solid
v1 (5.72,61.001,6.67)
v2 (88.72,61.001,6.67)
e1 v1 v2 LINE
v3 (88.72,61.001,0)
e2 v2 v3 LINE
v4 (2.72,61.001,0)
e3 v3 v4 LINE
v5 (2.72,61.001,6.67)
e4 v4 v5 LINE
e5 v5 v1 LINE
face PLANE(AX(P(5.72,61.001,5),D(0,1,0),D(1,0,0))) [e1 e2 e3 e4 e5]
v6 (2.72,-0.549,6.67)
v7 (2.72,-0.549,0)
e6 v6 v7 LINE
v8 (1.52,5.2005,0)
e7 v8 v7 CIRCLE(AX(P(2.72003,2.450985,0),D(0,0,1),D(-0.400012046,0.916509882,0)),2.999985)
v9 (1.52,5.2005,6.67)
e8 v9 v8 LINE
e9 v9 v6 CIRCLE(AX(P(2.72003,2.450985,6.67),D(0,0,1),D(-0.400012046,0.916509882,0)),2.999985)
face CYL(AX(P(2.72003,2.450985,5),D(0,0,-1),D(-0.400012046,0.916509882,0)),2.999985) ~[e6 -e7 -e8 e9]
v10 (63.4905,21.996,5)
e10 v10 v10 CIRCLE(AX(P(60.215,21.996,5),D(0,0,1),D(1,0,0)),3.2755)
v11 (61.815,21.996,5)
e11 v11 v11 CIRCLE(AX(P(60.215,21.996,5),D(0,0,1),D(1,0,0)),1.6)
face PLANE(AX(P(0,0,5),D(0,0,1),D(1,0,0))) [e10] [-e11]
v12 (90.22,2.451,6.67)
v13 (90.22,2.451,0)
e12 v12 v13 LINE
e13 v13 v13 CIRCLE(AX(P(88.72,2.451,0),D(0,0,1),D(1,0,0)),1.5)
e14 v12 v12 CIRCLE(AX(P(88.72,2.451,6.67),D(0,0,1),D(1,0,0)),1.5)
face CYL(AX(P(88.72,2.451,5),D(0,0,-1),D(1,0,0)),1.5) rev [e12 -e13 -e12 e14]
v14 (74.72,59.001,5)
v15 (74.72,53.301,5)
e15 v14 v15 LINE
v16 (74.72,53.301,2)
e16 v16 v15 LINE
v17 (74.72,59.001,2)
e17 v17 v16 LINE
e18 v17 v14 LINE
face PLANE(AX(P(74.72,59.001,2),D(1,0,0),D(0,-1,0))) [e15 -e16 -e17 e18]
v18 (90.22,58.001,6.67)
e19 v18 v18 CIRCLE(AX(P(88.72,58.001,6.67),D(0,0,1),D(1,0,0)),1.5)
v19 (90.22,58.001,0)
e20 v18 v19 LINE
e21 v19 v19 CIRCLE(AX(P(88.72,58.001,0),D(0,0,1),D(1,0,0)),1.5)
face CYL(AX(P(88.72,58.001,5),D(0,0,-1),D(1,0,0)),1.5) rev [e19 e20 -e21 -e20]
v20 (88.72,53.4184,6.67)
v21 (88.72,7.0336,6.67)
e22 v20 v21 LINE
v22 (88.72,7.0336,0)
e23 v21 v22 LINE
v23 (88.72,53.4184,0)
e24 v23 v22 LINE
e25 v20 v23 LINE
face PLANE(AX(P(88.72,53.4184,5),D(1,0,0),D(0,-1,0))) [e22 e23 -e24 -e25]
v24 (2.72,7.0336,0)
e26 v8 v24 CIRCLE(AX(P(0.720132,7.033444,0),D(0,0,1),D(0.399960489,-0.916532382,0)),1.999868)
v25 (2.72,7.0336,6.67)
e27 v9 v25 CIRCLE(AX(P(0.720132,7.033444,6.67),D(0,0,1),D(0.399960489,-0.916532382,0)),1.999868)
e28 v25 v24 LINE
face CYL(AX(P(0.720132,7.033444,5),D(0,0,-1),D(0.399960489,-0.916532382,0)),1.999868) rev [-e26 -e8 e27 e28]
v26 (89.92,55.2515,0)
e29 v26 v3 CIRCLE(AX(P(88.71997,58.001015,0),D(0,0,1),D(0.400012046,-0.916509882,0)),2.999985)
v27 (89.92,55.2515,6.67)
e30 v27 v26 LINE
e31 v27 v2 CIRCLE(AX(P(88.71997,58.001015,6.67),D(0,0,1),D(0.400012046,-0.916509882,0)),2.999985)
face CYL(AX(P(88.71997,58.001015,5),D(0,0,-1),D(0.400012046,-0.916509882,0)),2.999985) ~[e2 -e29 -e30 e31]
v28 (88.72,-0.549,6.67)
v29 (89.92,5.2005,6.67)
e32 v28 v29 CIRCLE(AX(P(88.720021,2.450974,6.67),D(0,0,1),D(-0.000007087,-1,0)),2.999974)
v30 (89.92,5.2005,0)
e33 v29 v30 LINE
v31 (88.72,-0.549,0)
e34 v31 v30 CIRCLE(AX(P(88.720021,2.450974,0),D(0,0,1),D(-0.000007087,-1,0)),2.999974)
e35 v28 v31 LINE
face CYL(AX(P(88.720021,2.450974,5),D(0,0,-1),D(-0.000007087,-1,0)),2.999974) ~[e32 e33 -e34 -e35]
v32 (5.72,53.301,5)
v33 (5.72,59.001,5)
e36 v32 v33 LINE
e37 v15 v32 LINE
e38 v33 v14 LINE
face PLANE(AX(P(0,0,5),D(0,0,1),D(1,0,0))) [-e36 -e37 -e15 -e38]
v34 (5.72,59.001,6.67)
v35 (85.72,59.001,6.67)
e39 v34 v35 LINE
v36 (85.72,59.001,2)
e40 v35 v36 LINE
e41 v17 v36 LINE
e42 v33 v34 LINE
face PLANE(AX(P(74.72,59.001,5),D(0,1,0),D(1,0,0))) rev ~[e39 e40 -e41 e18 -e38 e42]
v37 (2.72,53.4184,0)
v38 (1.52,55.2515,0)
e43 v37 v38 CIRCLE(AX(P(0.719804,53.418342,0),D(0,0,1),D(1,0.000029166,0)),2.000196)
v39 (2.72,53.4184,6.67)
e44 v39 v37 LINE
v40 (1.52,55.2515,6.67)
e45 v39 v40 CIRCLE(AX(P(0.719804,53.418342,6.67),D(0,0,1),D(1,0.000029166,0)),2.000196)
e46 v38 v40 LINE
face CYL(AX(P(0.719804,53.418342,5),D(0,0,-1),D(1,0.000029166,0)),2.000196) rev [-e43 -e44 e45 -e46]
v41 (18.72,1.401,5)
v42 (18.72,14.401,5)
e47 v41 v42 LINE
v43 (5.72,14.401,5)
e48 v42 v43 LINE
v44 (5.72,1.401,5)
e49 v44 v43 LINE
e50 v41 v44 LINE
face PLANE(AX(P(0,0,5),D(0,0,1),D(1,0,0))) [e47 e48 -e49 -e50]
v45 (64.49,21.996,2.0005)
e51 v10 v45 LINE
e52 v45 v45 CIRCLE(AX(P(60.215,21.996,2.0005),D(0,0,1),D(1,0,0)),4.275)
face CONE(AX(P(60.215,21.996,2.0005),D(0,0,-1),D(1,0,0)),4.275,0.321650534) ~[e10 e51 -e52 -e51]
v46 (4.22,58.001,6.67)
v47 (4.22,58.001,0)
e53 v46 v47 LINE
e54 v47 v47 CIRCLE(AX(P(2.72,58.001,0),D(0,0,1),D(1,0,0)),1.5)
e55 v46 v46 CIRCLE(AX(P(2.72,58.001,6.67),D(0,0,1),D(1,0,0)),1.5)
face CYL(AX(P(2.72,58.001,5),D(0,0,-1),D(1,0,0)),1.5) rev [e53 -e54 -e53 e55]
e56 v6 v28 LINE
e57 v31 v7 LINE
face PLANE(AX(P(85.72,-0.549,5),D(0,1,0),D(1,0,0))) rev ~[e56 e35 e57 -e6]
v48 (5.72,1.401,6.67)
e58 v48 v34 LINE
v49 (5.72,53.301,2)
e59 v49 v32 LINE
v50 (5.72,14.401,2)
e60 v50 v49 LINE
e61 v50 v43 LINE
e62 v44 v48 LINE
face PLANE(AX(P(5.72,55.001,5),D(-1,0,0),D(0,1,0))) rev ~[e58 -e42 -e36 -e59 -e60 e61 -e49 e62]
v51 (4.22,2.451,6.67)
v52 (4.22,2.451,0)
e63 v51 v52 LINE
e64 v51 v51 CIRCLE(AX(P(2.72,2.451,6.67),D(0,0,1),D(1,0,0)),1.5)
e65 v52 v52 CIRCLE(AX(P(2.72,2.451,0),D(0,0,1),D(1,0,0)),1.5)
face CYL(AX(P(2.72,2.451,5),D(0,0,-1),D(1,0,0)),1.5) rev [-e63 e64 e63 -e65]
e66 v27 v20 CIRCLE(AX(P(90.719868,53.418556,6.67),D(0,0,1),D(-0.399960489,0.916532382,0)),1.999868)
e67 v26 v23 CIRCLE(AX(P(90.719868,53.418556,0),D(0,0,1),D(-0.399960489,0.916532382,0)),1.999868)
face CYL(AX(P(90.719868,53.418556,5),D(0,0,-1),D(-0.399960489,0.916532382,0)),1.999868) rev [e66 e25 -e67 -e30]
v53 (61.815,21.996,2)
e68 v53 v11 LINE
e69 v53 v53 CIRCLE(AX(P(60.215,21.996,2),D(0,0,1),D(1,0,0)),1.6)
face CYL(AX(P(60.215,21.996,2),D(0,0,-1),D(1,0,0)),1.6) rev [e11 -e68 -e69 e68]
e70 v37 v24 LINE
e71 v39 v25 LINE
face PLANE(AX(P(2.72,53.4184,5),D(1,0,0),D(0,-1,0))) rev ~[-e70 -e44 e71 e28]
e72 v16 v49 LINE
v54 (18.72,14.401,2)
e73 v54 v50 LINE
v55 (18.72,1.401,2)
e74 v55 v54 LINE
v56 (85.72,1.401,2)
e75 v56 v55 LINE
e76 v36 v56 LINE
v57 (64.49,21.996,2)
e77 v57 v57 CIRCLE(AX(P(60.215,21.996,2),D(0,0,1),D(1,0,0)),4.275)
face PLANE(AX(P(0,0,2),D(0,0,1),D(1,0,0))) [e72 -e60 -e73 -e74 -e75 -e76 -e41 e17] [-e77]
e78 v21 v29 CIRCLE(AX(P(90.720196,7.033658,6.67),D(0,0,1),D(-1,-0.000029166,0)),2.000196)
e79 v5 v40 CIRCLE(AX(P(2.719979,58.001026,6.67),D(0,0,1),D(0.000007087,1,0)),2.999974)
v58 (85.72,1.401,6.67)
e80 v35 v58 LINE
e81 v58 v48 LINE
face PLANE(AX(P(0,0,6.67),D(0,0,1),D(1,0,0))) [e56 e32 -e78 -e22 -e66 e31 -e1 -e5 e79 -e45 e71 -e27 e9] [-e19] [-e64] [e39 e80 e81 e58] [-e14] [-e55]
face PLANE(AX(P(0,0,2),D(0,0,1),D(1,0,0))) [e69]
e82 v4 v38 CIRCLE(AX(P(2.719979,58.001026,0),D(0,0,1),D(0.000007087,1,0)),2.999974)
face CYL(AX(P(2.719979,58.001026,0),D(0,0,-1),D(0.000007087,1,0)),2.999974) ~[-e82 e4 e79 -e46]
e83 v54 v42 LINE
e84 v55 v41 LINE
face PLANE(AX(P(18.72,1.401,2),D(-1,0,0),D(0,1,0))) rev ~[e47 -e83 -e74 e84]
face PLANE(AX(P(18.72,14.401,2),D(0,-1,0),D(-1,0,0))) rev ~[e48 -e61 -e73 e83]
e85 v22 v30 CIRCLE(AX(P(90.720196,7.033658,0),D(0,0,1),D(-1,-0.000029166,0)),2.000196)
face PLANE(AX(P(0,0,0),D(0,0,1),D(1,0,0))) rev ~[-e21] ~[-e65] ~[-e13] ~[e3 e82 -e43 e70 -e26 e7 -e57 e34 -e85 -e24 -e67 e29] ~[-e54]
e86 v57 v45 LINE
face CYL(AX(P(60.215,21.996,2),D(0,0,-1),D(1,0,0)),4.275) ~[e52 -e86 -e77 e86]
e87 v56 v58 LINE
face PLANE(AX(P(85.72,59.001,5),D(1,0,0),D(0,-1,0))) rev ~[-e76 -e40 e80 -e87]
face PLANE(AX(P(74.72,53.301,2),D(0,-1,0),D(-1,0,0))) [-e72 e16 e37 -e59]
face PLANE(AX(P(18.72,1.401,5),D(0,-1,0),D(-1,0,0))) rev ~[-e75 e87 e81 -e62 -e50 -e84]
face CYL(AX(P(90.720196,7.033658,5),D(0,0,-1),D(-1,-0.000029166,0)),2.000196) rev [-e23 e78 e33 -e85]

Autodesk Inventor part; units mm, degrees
ref_plane "YZ Plane" through (0, 0, 0) normal (1, 0, 0) x (0, 1, 0)
ref_plane "XZ Plane" through (0, 0, 0) normal (0, 1, 0) x (-1, 0, 0)
ref_plane "XY Plane" through (0, 0, 0) normal (0, 0, 1) x (1, 0, 0)
sketch "Sketch1" plane through (0, 0, 0) normal (0, 0, 1) x (1, 0, 0)
  line L0 (85.72, 30.226) -> (85.72, 1.401) construction
  line L1 (85.72, 1.401) -> (45.72, 1.401) construction
  line L2 (85.72, 1.401) -> (5.72, 1.401) construction
  line L3 (5.72, 1.401) -> (5.72, 59.001) construction
  line L4 (5.72, 59.001) -> (85.72, 59.001) construction
  line L5 (85.72, 59.001) -> (85.72, 1.401) construction
  line L6 (61.99, 1.401) -> (61.99, 20.221) construction
  line L7 (61.99, 20.221) -> (85.72, 20.221) construction
  line L8 (61.99, 20.221) -> (58.44, 20.221) construction
  line L9 (61.99, 23.771) -> (61.99, 20.221) construction
  line L10 (60.215, 20.221) -> (61.99, 20.221) construction
  line L11 (61.99, 20.221) -> (61.99, 21.996) construction
  line L12 (61.99, 21.996) -> (60.215, 21.996) construction
  line L13 (60.215, 21.996) -> (60.215, 20.221) construction
  circle A0 centre (60.215, 21.996) radius 1.775 construction
  circle A1 centre (60.215, 21.996) radius 2.775 construction
  circle A2 centre (60.215, 21.996) radius 4.275 construction
  line L14 (5.72, 59.001) -> (74.72, 59.001) construction
  line L15 (74.72, 59.001) -> (74.72, 53.301) construction
  line L16 (74.72, 53.301) -> (5.72, 53.301) construction
  line L17 (5.72, 53.301) -> (5.72, 59.001) construction
  line L18 (5.72, 1.401) -> (18.72, 1.401) construction
  line L19 (18.72, 1.401) -> (18.72, 14.401) construction
  line L20 (18.72, 14.401) -> (5.72, 14.401) construction
  line L21 (5.72, 14.401) -> (5.72, 1.401) construction
  circle A3 centre (2.72, 58.001) radius 1.5
  line L22 (3.72, 61.001) -> (5.72, 61.001)
  line L23 (5.72, 61.001) -> (5.72, 59.001) construction
  line L24 (5.72, 61.001) -> (2.72, 61.001)
  line L25 (5.72, 55.001) -> (5.72, 61.001) construction
  line L26 (45.72, 1.9437) -> (45.72, 30.226) construction
  line L27 (45.72, 30.226) -> (85.72, 30.226) construction
  arc A4 (2.72, 61.001) -> (1.52, 55.2515) centre (2.72, 58.001) ccw
  circle A5 centre (2.72, 2.451) radius 1.5
  line L28 (3.72, -0.549) -> (5.72, -0.549)
  line L29 (5.72, -0.549) -> (2.72, -0.549)
  arc A6 (1.52, 5.2005) -> (2.72, -0.549) centre (2.72, 2.451) ccw
  circle A7 centre (88.72, 58.001) radius 1.5
  line L30 (85.72, 61.001) -> (88.72, 61.001)
  arc A8 (89.92, 55.2515) -> (88.72, 61.001) centre (88.72, 58.001) ccw
  line L31 (85.72, -0.549) -> (88.72, -0.549)
  circle A9 centre (88.72, 2.451) radius 1.5
  arc A10 (88.72, -0.549) -> (89.92, 5.2005) centre (88.72, 2.451) ccw
  line L32 (2.72, 53.4184) -> (2.72, 7.0336)
  line L33 (5.72, 61.001) -> (85.72, 61.001)
  line L34 (88.72, 53.4184) -> (88.72, 7.0336)
  line L35 (85.72, -0.549) -> (5.72, -0.549)
  arc A11 (2.72, 53.4184) -> (1.52, 55.2515) centre (0.72, 53.4184) ccw
  arc A12 (1.52, 5.2005) -> (2.72, 7.0336) centre (0.72, 7.0336) ccw
  arc A13 (88.72, 7.0336) -> (89.92, 5.2005) centre (90.72, 7.0336) ccw
  arc A14 (89.92, 55.2515) -> (88.72, 53.4184) centre (90.72, 53.4184) ccw
  point P0 (0, 0)
  point P1 (2.72, 55.001)
  point P2 (2.72, 5.451)
  point P3 (91.44, 0)
  point P4 (88.72, 55.001)
  point P5 (88.72, 5.451)
  dimension "d32" = 40
  dimension "d33" = 28.825
  dimension "d34" = 80
  dimension "d37" = 18.82
  dimension "d40" = 5.55
  dimension "d41" = 8.55
  dimension "d42" = 69
  dimension "d43" = 5.7
  dimension "d44" = 13
  dimension "d45" = 13
  dimension "d52" = 2
  dimension "d80" = 3
extrude "Extrusion1" add sketch "Sketch1" along normal blind 2
sketch "Sketch2" plane through (0, 0, 2) normal (0, 0, 1) x (1, 0, 0)
  line L0 (85.72, 30.226) -> (85.72, 1.401)
  line L1 (5.72, 14.401) -> (5.72, 53.301)
  line L2 (74.72, 59.001) -> (85.72, 59.001)
  line L3 (85.72, 59.001) -> (85.72, 1.401)
  line L4 (61.815, 21.996) -> (60.215, 21.996)
  circle A0 centre (60.215, 21.996) radius 1.6
  circle A1 centre (60.215, 21.996) radius 2.775 construction
  circle A2 centre (60.215, 21.996) radius 4.275
  line L5 (45.72, 59.001) -> (74.72, 59.001)
  line L6 (74.72, 59.001) -> (74.72, 53.301)
  line L7 (74.72, 53.301) -> (5.72, 53.301)
  line L8 (5.72, 58.001) -> (5.72, 59.001)
  line L9 (5.72, 1.401) -> (18.72, 1.401)
  line L10 (18.72, 1.401) -> (18.72, 14.401)
  line L11 (18.72, 14.401) -> (5.72, 14.401)
  line L12 (5.72, 2.451) -> (5.72, 1.401)
  circle A3 centre (2.72, 58.001) radius 1.5
  line L13 (3.72, 61.001) -> (5.72, 61.001)
  line L14 (5.72, 61.001) -> (5.72, 59.001)
  line L15 (5.72, 61.001) -> (2.72, 61.001)
  line L16 (5.72, 59.001) -> (5.72, 61.001)
  arc A4 (2.72, 61.001) -> (1.52, 55.2515) centre (2.72, 58.001) ccw
  line L17 (3.72, -0.549) -> (5.72, -0.549)
  line L18 (5.72, -0.549) -> (2.72, -0.549)
  circle A5 centre (2.72, 2.451) radius 1.5
  arc A6 (1.52, 5.2005) -> (2.72, -0.549) centre (2.72, 2.451) ccw
  line L19 (85.72, -0.549) -> (88.72, -0.549)
  circle A7 centre (88.72, 2.451) radius 1.5
  arc A8 (88.72, -0.549) -> (89.92, 5.2005) centre (88.72, 2.451) ccw
  circle A9 centre (88.72, 58.001) radius 1.5
  arc A10 (89.92, 55.2515) -> (88.72, 61.001) centre (88.72, 58.001) ccw
  line L20 (85.72, 61.001) -> (88.72, 61.001)
  line L21 (2.72, 53.4184) -> (2.72, 7.0336)
  line L22 (5.72, 61.001) -> (85.72, 61.001)
  line L23 (88.72, 53.4184) -> (88.72, 7.0336)
  line L24 (85.72, -0.549) -> (5.72, -0.549)
  arc A11 (2.72, 53.4184) -> (1.52, 55.2515) centre (0.72, 53.4184) ccw
  arc A12 (1.52, 5.2005) -> (2.72, 7.0336) centre (0.72, 7.0336) ccw
  arc A13 (88.72, 7.0336) -> (89.92, 5.2005) centre (90.72, 7.0336) ccw
  arc A14 (89.92, 55.2515) -> (88.72, 53.4184) centre (90.72, 53.4184) ccw
  line L25 (85.72, 1.401) -> (74.72, 1.401)
  line L26 (61.99, 1.401) -> (45.72, 1.401)
  line L27 (85.72, 1.401) -> (74.72, 1.401)
  line L28 (61.99, 1.401) -> (18.72, 1.401)
  line L29 (61.99, 1.401) -> (74.72, 1.401)
  point P0 (0, 0)
  point P1 (2.72, 55.001)
  point P2 (2.72, 5.451)
  point P3 (91.44, 0)
  point P4 (88.72, 5.451)
  point P5 (88.72, 55.001)
  dimension "d89" = 3.2
  dimension "d53" = 40
  dimension "d54" = 28.825
  dimension "d55" = 80
  dimension "d57" = 5.55
  dimension "d58" = 8.55
  dimension "d59" = 69
  dimension "d60" = 5.7
  dimension "d61" = 13
  dimension "d62" = 13
  dimension "d63" = 2
  dimension "d81" = 3
  dimension "d82" = 3
  dimension "d83" = 3
  dimension "d84" = 3
extrude "Extrusion2" add sketch "Sketch2" along normal blind 3
sketch "Sketch5" plane through (0, 0, 5) normal (0, 0, 1) x (1, 0, 0)
  line L0 (85.72, 30.226) -> (85.72, 1.401)
  line L1 (85.72, 1.401) -> (45.72, 1.401)
  line L2 (85.72, 1.401) -> (5.72, 1.401)
  line L3 (5.72, 1.401) -> (5.72, 59.001)
  line L4 (5.72, 59.001) -> (85.72, 59.001)
  line L5 (85.72, 59.001) -> (85.72, 1.401)
  line L6 (5.72, 59.001) -> (74.72, 59.001)
  line L7 (5.72, 53.301) -> (5.72, 59.001)
  line L8 (5.72, 1.401) -> (18.72, 1.401)
  line L9 (5.72, 14.401) -> (5.72, 1.401)
  circle A0 centre (2.72, 58.001) radius 1.5
  line L10 (3.72, 61.001) -> (5.72, 61.001)
  line L11 (5.72, 61.001) -> (5.72, 59.001)
  line L12 (5.72, 61.001) -> (2.72, 61.001)
  line L13 (5.72, 55.001) -> (5.72, 61.001)
  arc A1 (2.72, 61.001) -> (1.52, 55.2515) centre (2.72, 58.001) ccw
  line L14 (3.72, -0.549) -> (5.72, -0.549)
  line L15 (5.72, -0.549) -> (2.72, -0.549)
  circle A2 centre (2.72, 2.451) radius 1.5
  arc A3 (1.52, 5.2005) -> (2.72, -0.549) centre (2.72, 2.451) ccw
  line L16 (85.72, -0.549) -> (88.72, -0.549)
  circle A4 centre (88.72, 2.451) radius 1.5
  arc A5 (88.72, -0.549) -> (89.92, 5.2005) centre (88.72, 2.451) ccw
  circle A6 centre (88.72, 58.001) radius 1.5
  arc A7 (89.92, 55.2515) -> (88.72, 61.001) centre (88.72, 58.001) ccw
  line L17 (85.72, 61.001) -> (88.72, 61.001)
  line L18 (2.72, 53.4184) -> (2.72, 7.0336)
  line L19 (5.72, 61.001) -> (85.72, 61.001)
  line L20 (88.72, 53.4184) -> (88.72, 7.0336)
  line L21 (85.72, -0.549) -> (5.72, -0.549)
  arc A8 (2.72, 53.4184) -> (1.52, 55.2515) centre (0.72, 53.4184) ccw
  arc A9 (1.52, 5.2005) -> (2.72, 7.0336) centre (0.72, 7.0336) ccw
  arc A10 (88.72, 7.0336) -> (89.92, 5.2005) centre (90.72, 7.0336) ccw
  arc A11 (89.92, 55.2515) -> (88.72, 53.4184) centre (90.72, 53.4184) ccw
  point P0 (0, 0)
  point P1 (0, 0)
  point P2 (2.72, 55.001)
  point P3 (2.72, 5.451)
  point P4 (91.44, 0)
  point P5 (88.72, 5.451)
  point P6 (88.72, 55.001)
  dimension "d64" = 40
  dimension "d65" = 28.825
  dimension "d66" = 80
  dimension "d74" = 2
  dimension "d85" = 3
  dimension "d86" = 3
  dimension "d87" = 3
  dimension "d88" = 3
extrude "Extrusion5" add sketch "Sketch5" along normal blind 1.67
chamfer "Chamfer1" distance 1 distance2 3 1 edges at (55.94, 21.996, 5) measured on face at (63.5414, 21.5273, 5)
properties part number "Redid Enclosure Bottom"
